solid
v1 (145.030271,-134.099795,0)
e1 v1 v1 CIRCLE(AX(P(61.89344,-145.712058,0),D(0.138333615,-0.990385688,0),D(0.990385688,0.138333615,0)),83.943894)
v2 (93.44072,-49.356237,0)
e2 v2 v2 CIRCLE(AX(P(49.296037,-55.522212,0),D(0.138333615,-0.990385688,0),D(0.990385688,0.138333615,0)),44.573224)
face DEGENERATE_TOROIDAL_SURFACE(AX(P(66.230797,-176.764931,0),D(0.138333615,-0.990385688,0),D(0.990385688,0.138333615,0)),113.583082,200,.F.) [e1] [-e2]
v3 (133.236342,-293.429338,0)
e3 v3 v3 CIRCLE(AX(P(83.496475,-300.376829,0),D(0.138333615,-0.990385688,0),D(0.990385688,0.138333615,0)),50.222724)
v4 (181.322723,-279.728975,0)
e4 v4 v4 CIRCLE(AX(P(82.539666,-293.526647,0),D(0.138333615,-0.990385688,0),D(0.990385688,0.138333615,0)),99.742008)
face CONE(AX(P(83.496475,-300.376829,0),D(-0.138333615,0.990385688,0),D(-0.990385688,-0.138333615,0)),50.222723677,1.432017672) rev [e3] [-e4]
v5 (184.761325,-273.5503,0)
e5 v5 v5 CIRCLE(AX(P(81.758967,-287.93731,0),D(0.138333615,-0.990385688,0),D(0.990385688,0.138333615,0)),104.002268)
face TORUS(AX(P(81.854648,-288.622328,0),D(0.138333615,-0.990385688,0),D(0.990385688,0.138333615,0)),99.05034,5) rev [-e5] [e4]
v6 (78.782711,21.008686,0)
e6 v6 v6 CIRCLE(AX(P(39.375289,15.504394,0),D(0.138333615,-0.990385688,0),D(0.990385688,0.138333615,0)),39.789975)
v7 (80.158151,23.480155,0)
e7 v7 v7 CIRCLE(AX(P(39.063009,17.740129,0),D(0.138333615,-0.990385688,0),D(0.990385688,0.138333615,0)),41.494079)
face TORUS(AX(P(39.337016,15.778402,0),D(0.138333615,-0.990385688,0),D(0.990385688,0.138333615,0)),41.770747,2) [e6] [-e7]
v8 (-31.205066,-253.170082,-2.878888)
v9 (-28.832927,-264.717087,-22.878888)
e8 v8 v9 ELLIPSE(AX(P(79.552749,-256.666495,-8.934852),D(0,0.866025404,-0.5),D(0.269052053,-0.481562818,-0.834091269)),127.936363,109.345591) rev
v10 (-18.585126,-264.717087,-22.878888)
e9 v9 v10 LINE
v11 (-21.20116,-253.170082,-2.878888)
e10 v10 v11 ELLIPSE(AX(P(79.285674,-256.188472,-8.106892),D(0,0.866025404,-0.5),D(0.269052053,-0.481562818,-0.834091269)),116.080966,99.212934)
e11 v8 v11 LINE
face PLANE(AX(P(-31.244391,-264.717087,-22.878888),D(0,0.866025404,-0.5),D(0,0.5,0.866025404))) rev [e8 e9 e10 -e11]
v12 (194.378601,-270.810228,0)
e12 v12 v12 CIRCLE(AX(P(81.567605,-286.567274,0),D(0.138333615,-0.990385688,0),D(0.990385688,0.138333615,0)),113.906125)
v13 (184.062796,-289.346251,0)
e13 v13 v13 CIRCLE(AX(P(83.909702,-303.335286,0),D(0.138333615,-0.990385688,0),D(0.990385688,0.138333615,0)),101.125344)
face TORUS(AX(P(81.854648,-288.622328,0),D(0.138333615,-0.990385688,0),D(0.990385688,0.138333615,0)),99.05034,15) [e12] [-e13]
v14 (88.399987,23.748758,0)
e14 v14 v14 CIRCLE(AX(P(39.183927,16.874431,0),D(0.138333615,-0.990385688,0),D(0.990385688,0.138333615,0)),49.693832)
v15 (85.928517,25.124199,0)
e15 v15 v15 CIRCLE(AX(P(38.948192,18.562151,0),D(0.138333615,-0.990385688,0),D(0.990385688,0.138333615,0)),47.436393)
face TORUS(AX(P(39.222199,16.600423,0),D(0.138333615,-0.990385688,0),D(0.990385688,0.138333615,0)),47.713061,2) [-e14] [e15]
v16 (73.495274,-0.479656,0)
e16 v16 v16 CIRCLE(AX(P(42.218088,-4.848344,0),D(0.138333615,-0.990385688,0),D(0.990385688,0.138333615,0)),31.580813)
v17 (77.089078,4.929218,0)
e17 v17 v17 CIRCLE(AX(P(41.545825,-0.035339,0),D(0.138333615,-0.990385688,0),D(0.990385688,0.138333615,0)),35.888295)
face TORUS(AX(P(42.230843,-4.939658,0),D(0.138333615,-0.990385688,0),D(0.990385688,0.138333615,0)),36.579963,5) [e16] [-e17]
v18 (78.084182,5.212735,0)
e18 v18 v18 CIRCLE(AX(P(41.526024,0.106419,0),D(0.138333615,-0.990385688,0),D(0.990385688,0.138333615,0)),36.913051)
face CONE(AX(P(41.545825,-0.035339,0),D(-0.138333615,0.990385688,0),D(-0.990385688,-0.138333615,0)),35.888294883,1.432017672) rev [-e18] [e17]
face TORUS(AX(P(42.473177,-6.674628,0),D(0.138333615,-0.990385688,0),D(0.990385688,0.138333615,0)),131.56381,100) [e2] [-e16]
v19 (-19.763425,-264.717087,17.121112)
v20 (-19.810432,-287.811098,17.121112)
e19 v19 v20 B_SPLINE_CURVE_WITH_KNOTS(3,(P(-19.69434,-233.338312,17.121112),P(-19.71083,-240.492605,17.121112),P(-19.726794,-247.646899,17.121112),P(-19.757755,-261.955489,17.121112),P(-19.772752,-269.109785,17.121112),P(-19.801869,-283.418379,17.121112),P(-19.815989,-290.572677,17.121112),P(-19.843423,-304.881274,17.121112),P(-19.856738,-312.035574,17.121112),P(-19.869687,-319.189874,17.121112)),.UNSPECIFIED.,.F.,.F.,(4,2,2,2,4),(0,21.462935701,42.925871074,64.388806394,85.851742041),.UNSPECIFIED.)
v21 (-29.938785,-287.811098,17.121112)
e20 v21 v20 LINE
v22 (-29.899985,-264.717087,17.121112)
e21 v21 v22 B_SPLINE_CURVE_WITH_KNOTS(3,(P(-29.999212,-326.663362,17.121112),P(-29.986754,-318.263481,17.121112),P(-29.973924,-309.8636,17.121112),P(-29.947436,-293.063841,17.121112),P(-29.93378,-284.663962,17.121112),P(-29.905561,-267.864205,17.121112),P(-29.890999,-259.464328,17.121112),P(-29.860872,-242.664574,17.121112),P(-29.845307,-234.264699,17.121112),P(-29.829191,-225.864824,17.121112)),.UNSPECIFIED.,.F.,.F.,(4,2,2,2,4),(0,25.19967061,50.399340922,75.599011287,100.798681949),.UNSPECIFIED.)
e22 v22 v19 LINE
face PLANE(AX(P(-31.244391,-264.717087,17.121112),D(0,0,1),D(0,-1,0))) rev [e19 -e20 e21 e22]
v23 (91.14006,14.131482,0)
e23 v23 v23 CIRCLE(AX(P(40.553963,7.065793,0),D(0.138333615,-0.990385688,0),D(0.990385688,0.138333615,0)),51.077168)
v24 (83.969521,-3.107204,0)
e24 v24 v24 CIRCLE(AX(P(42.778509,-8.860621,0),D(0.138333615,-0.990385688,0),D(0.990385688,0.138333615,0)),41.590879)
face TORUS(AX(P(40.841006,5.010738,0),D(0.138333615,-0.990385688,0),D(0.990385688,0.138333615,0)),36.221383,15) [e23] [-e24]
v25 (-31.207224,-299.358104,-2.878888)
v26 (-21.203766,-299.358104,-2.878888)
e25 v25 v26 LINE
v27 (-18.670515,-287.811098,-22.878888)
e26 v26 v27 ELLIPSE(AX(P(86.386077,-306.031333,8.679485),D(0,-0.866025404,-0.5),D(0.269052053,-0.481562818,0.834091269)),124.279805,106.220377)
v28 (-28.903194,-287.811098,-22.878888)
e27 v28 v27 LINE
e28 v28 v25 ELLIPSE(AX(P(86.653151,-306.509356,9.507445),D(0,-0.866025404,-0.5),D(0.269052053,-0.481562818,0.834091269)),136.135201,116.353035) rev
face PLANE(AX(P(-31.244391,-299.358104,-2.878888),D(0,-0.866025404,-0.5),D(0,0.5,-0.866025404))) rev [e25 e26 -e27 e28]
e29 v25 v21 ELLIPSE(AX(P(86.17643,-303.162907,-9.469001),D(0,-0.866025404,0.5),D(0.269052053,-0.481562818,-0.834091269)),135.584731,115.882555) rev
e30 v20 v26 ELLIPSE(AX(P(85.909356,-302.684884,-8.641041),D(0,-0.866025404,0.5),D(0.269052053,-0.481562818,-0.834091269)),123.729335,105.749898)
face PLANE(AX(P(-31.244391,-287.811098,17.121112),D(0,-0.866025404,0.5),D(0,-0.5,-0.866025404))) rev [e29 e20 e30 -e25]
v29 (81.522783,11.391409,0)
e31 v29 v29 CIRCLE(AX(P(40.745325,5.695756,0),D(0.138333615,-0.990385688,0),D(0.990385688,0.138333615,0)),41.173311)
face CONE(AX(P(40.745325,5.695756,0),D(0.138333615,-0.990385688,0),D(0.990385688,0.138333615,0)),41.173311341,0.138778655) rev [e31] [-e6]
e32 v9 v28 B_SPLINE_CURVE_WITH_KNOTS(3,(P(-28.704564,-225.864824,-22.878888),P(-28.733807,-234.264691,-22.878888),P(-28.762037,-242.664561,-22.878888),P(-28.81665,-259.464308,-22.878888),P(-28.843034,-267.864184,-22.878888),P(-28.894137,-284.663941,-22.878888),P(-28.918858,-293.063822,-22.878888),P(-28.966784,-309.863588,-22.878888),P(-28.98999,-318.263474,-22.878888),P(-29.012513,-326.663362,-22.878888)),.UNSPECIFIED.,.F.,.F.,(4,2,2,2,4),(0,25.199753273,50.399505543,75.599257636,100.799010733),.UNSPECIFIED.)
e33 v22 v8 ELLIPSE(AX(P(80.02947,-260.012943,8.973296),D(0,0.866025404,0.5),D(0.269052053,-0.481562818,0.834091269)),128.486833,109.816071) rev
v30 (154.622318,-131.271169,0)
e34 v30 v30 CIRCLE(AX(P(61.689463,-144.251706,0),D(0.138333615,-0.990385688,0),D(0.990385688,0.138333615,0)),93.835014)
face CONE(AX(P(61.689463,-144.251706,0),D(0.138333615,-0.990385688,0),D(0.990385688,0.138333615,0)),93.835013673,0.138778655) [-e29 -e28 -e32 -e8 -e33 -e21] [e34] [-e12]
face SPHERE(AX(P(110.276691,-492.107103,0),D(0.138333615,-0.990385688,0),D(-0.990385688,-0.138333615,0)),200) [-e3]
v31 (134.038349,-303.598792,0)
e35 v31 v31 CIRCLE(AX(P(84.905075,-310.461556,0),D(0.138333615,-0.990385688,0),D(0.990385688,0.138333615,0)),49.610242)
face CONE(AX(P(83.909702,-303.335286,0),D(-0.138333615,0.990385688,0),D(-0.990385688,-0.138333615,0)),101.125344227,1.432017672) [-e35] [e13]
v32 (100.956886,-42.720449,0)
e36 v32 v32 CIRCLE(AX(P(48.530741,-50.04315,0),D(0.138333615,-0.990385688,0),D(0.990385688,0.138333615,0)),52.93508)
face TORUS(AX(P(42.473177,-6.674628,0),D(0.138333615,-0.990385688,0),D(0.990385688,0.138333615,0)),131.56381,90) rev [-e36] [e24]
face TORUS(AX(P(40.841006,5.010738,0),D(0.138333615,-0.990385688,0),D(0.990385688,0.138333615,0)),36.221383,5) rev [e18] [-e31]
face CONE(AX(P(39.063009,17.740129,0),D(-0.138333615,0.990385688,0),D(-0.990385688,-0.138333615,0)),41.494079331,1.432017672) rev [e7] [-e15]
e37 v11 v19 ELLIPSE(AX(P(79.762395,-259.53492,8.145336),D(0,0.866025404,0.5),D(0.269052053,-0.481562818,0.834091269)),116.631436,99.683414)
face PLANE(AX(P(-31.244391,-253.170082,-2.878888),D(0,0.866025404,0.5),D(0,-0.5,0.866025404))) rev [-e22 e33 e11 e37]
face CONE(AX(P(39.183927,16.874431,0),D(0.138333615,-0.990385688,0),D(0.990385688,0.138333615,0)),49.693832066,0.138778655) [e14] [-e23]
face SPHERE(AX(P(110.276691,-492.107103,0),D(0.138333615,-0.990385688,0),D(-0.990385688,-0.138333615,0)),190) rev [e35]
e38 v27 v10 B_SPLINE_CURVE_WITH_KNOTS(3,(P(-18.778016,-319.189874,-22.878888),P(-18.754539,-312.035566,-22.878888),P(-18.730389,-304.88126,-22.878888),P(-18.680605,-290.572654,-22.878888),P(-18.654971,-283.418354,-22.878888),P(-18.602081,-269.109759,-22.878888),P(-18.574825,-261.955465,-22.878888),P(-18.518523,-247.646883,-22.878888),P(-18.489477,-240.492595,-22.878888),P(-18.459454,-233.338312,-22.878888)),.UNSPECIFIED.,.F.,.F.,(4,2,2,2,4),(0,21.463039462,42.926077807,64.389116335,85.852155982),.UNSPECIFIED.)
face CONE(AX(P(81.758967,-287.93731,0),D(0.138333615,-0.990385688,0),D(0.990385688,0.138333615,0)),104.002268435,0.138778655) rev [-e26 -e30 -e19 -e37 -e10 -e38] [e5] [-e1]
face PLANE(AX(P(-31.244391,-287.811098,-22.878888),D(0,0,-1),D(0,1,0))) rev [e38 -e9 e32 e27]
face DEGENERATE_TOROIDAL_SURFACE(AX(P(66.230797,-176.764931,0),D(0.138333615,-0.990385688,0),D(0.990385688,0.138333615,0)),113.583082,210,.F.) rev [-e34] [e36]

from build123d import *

# Parameters (mm, degrees)
CUT_EXTRUDE1_REACH = 391.498


with BuildPart() as part:
    # Sketch2 → Revolve1 (revolve)
    with BuildSketch(Plane.XY, mode=Mode.PRIVATE) as revolve1_sk:
        with BuildLine():
            Line((-0.032133134, 10.000103255), (-0.032133134, 0.000103255))
            ThreePointArc((-0.032133134, 0.000103255), (1.43233296, -3.535430651), (4.967866866, -4.999896745))
            Line((4.967866866, -4.999896745), (6.002570929, -4.999896745))
            ThreePointArc((6.002570929, -4.999896745), (9.249544657, -6.197639309), (10.94090293, -9.217032101))
            ThreePointArc((10.94090293, -9.217032101), (11.571044404, -35.841541115), (5.151354262, -61.688187649))
            ThreePointArc((5.151354262, -61.688187649), (-14.070276669, -107.843610688), (-21.243391364, -157.324320031))
            Line((-21.243391364, -157.324320031), (-21.243391364, -302.324320031))
            ThreePointArc((-21.243391364, -302.324320031), (-19.77892527, -305.859853937), (-16.243391364, -307.324320031))
            Line((-16.243391364, -307.324320031), (33.756608636, -307.324320031))
            ThreePointArc((33.756608636, -307.324320031), (57.760906859, -299.124999465), (82.609967669, -294.029965821))
            Line((82.609967669, -294.029965821), (83.993303824, -303.9338227))
            ThreePointArc((83.993303824, -303.9338227), (59.43974015, -309.034428074), (35.771800747, -317.324320031))
            Line((35.771800747, -317.324320031), (-16.243391364, -317.324320031))
            ThreePointArc((-16.243391364, -317.324320031), (-26.849993082, -312.930921749), (-31.243391364, -302.324320031))
            Line((-31.243391364, -302.324320031), (-31.243391364, -157.232242651))
            ThreePointArc((-31.243391364, -157.232242651), (-23.820930581, -105.587090964), (-3.895404303, -57.365850629))
            ThreePointArc((-3.895404303, -57.365850629), (1.443112257, -36.32301649), (1.587497368, -14.614037228))
            ThreePointArc((1.587497368, -14.614037228), (-6.773205114, -9.335164752), (-10.032133134, 0.000103255))
            Line((-10.032133134, 0.000103255), (-10.032133134, 10.000103255))
            ThreePointArc((-10.032133134, 10.000103255), (-9.446346697, 11.414316817), (-8.032133134, 12.000103255))
            Line((-8.032133134, 12.000103255), (-2.032133134, 12.000103255))
            ThreePointArc((-2.032133134, 12.000103255), (-0.617919572, 11.414316817), (-0.032133134, 10.000103255))
        make_face()
    revolve(revolve1_sk.sketch.rotate(Axis((83.993303824, -303.9338227, 0), (-0.1383336154754439, 0.9903856879163249, 0)), 180), axis=Axis((83.993303824, -303.9338227, 0), (-0.1383336154754439, 0.9903856879163249, 0)))

    # Cut-Extrude1: up to this cone (the profile starts inside it)
    cut_extrude1_end = Plane(origin=(78.595138582, -265.286198417, 0), z_dir=(0.1383336154754439, -0.9903856879163249, 0)) * Cone(40.661095389, 181.148511286, 1005.805606674, mode=Mode.PRIVATE)
    # Sketch3 → Cut-Extrude1 (cut, up to the surface)
    with BuildSketch(Plane(origin=(0, 0, 0), x_dir=(0, 0, -1), z_dir=(1, 0, 0)), mode=Mode.PRIVATE) as cut_extrude1_sk1:
        Polygon((2.87888768, -299.358103554), (22.878887708, -287.811098154), (22.878887708, -264.717087354), (2.87888768, -253.170081954), (-17.121112348, -264.717087354), (-17.121112348, -287.811098154), align=None)
    cut_extrude1_tool1 = extrude(cut_extrude1_sk1.sketch, amount=-CUT_EXTRUDE1_REACH, mode=Mode.PRIVATE) & cut_extrude1_end
    add(cut_extrude1_tool1.solids().sort_by_distance((0, -276.264093, -2.878888))[0], mode=Mode.SUBTRACT)


solid = part.part
